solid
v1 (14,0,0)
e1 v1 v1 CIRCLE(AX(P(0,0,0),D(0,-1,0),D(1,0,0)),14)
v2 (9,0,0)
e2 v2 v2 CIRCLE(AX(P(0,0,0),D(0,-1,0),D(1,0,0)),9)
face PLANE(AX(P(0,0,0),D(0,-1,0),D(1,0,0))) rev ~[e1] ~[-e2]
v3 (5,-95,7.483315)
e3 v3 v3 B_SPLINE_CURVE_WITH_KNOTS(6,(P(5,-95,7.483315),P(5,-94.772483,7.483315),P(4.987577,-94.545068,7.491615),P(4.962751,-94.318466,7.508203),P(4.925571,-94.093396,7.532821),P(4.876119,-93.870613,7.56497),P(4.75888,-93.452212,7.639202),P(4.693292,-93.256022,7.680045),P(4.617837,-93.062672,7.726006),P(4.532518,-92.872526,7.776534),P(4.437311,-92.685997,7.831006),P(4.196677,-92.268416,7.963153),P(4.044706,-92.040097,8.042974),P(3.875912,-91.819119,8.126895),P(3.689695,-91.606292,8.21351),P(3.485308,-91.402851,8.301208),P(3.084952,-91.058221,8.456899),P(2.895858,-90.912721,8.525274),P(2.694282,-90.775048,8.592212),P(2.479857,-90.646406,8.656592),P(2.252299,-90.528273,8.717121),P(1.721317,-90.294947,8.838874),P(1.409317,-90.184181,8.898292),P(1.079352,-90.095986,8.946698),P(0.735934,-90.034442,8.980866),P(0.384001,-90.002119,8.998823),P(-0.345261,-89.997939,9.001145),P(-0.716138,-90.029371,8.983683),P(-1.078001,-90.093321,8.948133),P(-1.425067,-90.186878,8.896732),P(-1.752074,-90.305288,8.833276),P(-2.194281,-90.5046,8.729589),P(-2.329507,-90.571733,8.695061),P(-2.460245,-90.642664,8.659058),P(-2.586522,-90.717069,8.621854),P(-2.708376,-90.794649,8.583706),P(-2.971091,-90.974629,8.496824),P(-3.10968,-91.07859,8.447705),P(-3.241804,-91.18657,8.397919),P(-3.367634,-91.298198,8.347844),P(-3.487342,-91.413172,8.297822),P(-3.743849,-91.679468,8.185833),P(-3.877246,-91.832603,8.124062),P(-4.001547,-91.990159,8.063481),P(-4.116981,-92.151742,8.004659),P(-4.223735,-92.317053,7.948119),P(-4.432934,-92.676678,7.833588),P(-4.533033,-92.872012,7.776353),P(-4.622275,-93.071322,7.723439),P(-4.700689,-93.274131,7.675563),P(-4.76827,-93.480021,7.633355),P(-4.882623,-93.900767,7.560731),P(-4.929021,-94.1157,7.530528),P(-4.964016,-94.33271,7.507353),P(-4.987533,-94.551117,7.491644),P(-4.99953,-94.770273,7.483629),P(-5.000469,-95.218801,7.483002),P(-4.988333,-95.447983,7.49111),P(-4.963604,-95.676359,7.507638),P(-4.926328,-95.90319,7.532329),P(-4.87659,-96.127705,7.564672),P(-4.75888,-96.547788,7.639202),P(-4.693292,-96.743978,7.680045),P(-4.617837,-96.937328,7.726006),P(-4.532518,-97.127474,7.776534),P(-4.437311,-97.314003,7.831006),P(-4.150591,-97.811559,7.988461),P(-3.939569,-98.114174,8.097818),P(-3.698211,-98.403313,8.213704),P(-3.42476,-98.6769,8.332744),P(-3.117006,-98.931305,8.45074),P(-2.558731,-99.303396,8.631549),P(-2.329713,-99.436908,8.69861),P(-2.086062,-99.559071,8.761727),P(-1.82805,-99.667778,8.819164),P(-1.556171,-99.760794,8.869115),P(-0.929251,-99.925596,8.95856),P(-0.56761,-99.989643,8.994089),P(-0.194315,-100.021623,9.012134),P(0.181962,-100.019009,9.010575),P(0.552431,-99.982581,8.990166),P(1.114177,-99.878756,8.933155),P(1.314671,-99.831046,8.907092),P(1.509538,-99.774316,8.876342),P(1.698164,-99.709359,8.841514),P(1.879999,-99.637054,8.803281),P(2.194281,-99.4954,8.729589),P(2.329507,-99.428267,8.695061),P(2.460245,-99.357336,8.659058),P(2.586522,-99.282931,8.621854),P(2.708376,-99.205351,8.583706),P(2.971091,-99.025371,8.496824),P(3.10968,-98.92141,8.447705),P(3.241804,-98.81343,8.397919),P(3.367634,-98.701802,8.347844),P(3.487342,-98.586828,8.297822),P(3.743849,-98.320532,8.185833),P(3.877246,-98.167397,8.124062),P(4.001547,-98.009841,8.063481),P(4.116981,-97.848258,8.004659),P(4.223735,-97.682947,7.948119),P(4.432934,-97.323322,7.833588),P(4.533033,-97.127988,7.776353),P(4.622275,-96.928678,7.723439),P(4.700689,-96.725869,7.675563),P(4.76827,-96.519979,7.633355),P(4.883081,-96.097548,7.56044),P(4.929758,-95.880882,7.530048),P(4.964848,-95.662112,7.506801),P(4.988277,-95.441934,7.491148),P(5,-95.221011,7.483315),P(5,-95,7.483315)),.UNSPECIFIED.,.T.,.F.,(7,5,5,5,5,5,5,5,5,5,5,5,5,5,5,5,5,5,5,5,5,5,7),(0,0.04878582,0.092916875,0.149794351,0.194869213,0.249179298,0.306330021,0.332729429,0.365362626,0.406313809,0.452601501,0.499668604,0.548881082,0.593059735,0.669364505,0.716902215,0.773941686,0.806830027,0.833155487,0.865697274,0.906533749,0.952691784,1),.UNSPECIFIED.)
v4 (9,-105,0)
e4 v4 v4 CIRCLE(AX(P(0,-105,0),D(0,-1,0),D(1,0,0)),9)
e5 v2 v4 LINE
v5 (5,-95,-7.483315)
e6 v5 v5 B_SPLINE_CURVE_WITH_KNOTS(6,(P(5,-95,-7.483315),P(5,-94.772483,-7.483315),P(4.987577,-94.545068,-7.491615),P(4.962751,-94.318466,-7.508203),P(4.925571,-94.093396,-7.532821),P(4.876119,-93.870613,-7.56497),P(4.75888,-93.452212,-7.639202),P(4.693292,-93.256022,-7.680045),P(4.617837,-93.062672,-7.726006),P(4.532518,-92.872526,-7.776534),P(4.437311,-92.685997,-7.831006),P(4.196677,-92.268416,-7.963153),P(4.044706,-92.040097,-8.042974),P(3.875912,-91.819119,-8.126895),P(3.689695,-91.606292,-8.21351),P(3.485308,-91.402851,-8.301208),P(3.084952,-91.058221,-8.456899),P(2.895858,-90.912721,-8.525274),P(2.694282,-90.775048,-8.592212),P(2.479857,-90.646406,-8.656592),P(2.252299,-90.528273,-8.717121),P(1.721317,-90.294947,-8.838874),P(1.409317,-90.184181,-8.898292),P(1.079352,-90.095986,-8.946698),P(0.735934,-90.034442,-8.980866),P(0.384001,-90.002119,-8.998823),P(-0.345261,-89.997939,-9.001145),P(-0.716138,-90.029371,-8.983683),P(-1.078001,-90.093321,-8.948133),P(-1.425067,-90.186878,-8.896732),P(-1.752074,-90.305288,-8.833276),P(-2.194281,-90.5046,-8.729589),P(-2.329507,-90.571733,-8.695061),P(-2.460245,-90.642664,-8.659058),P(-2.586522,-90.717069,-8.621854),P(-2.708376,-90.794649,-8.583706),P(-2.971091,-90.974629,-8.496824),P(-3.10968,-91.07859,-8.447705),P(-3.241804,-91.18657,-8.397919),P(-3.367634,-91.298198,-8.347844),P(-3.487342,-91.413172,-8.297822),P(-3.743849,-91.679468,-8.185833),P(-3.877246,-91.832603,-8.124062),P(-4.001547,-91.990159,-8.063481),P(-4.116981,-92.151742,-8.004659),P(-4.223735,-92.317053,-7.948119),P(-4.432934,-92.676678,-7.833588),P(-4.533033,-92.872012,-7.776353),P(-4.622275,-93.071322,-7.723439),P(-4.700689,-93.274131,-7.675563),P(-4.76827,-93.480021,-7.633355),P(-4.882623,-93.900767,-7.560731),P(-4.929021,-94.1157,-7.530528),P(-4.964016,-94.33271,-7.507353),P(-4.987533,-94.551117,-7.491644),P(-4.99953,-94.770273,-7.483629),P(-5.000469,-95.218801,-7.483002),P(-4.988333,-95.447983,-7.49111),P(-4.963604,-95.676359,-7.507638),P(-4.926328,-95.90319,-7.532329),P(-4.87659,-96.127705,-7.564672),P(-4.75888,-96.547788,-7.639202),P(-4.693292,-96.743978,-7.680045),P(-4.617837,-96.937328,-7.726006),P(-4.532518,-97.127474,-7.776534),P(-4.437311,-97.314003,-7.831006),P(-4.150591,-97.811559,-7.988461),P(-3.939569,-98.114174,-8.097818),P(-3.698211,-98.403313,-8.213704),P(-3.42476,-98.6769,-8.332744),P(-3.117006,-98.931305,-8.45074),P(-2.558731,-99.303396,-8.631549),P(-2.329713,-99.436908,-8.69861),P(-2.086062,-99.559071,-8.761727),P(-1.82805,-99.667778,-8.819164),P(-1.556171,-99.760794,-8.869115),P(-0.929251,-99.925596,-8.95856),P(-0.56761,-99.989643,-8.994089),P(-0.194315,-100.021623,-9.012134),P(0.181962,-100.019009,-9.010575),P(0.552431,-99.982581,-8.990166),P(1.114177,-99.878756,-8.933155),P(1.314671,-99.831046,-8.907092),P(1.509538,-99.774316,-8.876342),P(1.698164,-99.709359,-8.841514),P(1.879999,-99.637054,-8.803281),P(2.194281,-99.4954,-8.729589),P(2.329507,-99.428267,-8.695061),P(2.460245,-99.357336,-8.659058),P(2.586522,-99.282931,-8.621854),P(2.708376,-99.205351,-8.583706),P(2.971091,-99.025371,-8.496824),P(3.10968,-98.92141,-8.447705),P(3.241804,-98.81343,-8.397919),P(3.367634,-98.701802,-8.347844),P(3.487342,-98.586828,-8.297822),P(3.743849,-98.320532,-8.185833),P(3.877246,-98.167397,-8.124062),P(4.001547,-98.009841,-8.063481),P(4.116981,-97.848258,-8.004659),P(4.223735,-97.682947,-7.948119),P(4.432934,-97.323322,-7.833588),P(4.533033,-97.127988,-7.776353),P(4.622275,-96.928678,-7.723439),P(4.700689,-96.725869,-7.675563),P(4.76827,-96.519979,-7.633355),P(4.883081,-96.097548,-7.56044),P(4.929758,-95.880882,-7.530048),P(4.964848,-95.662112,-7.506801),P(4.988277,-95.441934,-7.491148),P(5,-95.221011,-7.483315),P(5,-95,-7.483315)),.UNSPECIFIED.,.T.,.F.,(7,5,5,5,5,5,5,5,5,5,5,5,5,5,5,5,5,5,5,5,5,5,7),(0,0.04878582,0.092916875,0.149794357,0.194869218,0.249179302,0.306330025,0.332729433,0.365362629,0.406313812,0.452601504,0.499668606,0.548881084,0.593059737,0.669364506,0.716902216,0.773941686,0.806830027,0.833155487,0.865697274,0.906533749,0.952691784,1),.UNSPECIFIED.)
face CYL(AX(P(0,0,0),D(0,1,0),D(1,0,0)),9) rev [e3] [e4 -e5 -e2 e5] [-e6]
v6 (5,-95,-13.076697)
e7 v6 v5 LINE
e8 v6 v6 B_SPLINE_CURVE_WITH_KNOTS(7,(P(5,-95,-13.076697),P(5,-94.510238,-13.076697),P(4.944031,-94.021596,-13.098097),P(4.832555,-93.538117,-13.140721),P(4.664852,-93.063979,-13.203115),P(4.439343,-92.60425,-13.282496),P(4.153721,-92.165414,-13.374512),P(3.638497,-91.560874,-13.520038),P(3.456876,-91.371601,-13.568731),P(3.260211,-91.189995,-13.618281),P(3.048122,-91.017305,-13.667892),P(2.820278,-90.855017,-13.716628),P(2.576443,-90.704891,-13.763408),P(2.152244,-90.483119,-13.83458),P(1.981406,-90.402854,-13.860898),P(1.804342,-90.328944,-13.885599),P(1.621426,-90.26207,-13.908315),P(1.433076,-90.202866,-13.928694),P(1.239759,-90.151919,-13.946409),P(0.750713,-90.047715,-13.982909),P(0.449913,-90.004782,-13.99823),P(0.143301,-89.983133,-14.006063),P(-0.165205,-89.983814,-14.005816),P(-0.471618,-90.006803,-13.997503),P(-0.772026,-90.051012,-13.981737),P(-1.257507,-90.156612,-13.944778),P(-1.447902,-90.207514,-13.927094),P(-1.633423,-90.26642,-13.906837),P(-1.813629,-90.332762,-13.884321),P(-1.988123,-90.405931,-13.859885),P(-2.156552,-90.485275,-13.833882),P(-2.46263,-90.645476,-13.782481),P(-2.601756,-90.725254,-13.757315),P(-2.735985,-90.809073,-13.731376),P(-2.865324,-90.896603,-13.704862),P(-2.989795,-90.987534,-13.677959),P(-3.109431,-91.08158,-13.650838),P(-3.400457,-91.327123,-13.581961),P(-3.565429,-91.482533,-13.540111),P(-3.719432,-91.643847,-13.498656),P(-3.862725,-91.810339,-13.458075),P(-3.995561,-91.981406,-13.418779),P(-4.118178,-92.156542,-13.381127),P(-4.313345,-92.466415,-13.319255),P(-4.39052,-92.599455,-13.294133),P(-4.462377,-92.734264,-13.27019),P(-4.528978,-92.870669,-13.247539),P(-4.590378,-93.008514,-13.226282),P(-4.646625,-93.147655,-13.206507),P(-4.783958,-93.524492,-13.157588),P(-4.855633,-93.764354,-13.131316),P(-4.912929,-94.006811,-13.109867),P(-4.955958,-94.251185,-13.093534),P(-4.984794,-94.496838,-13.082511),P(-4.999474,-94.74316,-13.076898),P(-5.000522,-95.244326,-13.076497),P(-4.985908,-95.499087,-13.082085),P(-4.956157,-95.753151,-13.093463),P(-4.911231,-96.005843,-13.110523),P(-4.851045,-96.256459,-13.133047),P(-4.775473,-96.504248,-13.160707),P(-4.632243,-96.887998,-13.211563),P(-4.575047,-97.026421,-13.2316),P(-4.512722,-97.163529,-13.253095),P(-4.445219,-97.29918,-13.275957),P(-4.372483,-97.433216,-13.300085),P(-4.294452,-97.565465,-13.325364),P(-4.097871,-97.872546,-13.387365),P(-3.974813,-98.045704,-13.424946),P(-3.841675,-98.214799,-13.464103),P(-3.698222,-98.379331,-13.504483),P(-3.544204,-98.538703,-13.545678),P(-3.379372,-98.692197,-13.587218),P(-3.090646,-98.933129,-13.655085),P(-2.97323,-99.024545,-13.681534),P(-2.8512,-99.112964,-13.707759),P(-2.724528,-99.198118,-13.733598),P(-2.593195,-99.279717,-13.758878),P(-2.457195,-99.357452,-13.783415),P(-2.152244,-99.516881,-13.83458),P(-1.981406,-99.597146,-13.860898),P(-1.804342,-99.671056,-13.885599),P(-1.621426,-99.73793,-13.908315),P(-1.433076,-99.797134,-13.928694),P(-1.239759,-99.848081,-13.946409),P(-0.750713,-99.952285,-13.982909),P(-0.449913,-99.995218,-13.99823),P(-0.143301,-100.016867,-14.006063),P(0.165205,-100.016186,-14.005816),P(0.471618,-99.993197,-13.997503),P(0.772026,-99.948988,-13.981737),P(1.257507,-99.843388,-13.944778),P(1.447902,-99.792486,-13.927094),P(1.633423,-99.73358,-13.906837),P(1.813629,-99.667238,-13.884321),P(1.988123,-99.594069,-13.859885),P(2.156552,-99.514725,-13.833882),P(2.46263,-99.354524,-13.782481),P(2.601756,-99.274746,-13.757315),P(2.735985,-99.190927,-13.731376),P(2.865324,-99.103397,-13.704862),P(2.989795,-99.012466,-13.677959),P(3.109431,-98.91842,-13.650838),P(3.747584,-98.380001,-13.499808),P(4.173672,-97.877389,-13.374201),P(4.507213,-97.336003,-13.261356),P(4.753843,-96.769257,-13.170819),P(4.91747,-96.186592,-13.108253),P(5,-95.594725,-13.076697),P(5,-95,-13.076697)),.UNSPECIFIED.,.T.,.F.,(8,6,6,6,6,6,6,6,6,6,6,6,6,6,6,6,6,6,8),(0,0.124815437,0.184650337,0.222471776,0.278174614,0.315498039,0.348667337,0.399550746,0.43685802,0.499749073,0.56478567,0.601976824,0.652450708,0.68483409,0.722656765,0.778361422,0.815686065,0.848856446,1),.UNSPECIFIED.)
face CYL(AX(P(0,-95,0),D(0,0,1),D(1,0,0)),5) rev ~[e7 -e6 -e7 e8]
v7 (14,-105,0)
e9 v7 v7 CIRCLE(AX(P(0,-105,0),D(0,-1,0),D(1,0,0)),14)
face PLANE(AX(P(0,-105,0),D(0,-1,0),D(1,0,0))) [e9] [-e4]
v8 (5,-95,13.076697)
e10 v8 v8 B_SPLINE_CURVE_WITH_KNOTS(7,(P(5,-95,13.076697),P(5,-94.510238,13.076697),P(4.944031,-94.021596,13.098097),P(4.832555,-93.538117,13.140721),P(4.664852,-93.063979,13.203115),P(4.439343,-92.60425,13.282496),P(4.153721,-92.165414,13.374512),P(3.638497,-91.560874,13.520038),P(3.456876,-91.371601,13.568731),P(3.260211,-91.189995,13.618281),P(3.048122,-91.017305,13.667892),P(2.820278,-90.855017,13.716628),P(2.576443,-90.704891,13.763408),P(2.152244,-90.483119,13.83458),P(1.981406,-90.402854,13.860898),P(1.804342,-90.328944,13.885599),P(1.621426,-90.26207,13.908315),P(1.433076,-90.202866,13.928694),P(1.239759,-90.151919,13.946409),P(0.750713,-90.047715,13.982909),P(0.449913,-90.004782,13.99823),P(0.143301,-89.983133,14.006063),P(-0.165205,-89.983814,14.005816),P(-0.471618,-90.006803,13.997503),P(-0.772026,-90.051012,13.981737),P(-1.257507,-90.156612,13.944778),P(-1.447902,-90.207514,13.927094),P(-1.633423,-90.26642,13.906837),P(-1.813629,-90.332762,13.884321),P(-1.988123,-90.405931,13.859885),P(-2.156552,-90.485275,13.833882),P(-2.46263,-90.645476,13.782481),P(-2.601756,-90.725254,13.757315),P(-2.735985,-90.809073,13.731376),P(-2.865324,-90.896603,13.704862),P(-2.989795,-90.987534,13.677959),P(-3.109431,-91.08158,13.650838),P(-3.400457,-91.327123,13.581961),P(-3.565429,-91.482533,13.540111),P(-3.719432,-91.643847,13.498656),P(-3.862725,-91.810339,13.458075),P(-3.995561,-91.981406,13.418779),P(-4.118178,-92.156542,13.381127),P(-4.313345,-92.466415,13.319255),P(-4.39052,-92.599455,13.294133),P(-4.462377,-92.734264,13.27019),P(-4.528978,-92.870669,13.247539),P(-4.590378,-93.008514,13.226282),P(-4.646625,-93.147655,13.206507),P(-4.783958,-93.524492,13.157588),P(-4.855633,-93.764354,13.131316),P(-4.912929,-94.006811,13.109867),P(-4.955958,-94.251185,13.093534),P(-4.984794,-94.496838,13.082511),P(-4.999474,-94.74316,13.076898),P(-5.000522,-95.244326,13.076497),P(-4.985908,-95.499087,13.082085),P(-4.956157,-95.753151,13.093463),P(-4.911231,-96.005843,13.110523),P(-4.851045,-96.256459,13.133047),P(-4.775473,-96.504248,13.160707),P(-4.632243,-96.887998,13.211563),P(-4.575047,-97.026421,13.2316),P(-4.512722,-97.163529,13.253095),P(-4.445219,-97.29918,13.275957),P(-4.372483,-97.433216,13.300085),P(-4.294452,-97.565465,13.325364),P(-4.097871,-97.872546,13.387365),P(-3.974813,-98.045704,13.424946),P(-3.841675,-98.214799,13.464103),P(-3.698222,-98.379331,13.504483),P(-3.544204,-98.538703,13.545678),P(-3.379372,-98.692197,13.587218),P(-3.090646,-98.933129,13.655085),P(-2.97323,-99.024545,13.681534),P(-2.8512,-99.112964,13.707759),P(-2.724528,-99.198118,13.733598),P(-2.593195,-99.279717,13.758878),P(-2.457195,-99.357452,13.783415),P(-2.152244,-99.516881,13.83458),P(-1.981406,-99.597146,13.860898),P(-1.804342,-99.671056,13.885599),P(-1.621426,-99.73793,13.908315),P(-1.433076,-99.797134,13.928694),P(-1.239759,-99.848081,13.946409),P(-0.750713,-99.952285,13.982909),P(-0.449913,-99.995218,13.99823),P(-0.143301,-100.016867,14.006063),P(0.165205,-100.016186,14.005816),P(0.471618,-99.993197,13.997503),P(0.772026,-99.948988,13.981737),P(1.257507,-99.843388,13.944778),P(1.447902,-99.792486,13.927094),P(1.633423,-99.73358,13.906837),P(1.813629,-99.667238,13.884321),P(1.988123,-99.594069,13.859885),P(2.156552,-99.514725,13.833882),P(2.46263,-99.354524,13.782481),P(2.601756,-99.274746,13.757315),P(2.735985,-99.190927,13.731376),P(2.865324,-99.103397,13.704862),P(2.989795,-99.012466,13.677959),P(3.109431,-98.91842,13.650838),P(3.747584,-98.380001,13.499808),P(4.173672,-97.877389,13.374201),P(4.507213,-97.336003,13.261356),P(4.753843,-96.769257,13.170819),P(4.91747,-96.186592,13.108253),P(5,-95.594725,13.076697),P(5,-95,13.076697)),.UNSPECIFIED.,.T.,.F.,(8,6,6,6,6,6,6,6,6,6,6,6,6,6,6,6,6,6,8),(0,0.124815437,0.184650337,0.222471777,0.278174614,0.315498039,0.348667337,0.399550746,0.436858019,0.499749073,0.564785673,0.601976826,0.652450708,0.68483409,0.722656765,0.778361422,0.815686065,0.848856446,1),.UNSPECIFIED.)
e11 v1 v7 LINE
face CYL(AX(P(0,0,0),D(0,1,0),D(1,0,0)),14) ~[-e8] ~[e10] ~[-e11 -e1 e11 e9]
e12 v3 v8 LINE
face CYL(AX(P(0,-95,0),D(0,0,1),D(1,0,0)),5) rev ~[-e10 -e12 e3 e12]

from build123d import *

# Parameters (mm, degrees)
F0_R     = 14
F0_R_2   = 9
F1_DEPTH = 105
F2_R     = 5
F3_DEPTH = 33.6


with BuildPart() as f1:
    # F0 (on Front) → F1 (new body)
    with BuildSketch(Plane.XZ):
        Circle(F0_R)
        Circle(F0_R_2, mode=Mode.SUBTRACT)
    extrude(amount=F1_DEPTH)

    # F2 (on Top) → F3 (cut, symmetric)
    with BuildSketch(Plane.XY):
        with Locations((0, -95)):
            Circle(F2_R)
    extrude(amount=F3_DEPTH, both=True, mode=Mode.SUBTRACT)


solid = f1.part
